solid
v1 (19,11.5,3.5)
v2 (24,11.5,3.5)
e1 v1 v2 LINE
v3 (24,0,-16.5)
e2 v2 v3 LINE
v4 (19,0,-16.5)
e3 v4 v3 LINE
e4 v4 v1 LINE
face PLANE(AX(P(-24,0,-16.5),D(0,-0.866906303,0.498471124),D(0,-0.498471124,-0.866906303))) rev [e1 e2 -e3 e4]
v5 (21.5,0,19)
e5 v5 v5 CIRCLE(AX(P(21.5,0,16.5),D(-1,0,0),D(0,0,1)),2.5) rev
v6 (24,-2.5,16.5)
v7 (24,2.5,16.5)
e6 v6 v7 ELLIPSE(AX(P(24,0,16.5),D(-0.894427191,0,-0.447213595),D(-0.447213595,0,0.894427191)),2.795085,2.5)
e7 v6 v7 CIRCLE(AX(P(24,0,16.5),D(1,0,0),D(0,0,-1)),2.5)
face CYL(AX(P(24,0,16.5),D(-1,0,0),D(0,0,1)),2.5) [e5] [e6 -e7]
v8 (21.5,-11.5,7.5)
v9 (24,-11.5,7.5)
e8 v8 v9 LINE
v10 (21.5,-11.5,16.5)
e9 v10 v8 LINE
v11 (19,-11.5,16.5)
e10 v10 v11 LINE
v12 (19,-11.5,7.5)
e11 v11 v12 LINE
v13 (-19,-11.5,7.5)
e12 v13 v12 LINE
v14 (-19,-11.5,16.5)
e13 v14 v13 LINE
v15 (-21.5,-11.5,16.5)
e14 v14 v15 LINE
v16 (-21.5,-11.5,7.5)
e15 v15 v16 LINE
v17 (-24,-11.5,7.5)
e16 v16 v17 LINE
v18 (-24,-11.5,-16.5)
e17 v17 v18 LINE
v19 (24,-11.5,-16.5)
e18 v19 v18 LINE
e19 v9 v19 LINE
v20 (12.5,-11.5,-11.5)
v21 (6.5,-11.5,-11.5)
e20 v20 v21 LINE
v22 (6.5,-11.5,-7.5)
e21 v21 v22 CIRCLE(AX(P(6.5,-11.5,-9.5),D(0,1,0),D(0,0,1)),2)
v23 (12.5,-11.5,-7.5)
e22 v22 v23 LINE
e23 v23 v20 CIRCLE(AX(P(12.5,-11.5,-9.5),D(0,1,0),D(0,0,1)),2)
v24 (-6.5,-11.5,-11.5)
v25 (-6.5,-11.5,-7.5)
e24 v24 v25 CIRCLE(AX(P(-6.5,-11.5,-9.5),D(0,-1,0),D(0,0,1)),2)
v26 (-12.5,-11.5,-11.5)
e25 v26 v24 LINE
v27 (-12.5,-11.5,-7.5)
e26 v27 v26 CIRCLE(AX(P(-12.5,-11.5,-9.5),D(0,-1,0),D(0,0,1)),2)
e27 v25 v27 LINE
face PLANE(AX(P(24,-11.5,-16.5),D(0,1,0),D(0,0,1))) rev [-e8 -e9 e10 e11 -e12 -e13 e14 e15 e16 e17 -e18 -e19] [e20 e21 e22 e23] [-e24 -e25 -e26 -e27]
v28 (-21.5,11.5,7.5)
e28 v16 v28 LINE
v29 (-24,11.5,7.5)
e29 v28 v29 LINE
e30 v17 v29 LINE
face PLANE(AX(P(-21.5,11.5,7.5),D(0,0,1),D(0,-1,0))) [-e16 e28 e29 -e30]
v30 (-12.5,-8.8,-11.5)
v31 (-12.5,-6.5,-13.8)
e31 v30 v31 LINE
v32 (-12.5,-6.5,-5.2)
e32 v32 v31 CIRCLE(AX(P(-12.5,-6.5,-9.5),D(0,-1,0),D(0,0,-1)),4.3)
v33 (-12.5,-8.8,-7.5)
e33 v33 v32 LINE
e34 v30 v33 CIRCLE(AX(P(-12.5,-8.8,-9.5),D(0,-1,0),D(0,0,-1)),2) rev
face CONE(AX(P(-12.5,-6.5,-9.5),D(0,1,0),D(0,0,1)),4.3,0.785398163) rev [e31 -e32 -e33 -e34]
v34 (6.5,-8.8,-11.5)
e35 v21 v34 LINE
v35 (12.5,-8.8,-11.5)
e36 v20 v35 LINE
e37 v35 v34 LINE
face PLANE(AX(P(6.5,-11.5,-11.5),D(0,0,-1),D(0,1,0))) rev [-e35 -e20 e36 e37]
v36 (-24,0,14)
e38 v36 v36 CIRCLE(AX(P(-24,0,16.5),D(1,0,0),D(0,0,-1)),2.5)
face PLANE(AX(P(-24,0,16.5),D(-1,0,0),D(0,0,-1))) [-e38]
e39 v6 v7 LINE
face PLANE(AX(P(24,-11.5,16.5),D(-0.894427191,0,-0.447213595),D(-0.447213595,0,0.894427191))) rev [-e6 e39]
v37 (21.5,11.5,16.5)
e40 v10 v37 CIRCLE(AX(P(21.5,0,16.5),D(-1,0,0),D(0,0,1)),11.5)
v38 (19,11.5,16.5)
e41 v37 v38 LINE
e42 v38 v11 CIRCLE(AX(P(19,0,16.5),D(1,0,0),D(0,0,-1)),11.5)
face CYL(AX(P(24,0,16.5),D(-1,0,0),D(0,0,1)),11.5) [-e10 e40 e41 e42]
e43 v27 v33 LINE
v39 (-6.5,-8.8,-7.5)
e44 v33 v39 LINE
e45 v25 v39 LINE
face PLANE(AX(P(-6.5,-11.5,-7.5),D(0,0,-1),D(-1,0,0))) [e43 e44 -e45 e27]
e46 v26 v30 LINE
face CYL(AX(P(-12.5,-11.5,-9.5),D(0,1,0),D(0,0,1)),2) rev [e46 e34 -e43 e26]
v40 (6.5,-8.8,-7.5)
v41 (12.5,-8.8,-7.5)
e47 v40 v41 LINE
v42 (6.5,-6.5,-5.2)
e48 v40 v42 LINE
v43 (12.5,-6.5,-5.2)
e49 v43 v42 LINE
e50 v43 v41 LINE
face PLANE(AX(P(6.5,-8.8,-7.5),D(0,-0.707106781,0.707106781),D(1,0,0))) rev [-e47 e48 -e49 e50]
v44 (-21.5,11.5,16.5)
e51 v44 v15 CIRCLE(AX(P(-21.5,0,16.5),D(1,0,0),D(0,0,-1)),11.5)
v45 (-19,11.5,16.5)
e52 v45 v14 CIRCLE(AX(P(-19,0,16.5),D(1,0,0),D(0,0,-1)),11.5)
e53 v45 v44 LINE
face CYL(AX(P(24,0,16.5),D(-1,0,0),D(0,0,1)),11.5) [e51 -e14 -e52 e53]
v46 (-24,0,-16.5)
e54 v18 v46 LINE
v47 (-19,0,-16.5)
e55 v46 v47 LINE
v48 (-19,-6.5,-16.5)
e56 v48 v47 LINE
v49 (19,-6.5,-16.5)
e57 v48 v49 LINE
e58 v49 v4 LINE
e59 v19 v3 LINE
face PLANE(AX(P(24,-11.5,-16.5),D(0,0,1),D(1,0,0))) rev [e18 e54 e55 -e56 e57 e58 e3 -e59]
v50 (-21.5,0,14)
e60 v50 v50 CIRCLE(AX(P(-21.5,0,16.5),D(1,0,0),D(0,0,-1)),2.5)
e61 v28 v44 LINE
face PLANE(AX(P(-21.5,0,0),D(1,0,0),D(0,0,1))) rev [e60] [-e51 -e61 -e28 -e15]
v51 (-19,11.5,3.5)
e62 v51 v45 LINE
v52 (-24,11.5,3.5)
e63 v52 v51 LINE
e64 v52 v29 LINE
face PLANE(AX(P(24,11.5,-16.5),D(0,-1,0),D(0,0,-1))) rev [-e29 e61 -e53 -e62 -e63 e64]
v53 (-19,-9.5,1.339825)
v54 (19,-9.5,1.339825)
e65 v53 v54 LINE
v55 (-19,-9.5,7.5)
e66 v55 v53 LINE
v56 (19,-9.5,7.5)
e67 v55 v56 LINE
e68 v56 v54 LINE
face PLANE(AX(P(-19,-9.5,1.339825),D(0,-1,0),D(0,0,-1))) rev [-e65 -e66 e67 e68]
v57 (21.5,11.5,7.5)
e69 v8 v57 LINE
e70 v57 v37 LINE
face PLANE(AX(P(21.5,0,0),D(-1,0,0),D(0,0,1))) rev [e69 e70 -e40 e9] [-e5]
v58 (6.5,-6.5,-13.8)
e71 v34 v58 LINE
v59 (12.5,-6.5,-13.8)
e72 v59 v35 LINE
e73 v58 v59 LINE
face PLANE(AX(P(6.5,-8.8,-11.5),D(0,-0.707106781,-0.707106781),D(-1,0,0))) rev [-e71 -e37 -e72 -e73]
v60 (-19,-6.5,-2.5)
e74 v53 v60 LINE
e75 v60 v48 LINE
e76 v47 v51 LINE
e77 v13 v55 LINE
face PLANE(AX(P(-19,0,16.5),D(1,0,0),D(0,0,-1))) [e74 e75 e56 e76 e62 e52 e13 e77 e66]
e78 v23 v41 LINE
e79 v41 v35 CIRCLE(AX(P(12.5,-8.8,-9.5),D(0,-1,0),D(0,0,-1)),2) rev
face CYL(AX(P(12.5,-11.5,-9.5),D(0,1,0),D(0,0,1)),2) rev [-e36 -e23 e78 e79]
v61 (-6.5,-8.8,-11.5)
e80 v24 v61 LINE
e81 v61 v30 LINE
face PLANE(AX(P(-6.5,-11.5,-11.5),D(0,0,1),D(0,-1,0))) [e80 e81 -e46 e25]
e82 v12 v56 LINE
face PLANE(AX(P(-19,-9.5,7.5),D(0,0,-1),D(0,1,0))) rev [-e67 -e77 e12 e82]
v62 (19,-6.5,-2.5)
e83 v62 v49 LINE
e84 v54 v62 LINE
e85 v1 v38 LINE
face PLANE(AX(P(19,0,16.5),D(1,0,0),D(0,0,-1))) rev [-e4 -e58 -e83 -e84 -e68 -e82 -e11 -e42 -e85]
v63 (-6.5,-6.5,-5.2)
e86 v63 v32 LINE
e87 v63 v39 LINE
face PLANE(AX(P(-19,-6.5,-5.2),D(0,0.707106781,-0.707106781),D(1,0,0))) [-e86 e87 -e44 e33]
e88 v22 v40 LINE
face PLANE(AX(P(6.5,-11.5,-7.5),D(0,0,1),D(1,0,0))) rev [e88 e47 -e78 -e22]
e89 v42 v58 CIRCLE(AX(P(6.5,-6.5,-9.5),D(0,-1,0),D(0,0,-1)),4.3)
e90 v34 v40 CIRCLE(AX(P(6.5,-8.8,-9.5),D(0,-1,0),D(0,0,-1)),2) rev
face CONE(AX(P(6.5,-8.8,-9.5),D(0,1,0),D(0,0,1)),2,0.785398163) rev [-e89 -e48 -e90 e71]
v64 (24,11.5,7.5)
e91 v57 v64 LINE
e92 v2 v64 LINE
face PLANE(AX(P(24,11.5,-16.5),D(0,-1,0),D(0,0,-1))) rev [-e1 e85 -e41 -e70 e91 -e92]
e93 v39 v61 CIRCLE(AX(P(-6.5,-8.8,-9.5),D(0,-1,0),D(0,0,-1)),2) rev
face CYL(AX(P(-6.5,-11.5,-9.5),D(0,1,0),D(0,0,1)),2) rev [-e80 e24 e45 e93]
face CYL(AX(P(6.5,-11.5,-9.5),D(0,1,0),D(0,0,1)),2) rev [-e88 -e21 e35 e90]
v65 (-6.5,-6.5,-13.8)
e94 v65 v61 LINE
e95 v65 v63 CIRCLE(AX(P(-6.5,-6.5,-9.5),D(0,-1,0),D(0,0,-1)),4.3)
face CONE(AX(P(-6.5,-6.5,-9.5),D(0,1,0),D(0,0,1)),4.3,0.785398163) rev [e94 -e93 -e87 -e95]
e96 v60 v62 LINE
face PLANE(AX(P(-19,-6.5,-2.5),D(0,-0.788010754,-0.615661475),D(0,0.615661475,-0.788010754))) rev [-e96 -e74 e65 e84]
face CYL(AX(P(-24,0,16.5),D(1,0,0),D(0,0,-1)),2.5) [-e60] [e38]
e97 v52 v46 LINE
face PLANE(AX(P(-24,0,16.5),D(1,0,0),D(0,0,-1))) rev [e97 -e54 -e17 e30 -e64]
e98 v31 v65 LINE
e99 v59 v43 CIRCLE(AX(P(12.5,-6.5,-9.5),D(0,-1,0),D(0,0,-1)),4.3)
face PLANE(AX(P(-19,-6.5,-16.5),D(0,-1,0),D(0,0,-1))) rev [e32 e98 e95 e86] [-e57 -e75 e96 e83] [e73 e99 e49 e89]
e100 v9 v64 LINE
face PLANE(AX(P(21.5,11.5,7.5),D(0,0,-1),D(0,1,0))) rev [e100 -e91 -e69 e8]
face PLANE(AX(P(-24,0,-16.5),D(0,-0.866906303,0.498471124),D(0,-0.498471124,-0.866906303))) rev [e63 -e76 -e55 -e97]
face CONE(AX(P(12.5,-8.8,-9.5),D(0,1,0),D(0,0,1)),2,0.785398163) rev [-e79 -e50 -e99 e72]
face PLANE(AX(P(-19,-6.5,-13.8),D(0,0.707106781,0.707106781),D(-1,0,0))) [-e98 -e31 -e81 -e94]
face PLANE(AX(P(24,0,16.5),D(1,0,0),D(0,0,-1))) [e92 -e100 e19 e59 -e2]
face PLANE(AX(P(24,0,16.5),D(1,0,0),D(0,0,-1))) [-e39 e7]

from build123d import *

# Parameters (mm, degrees)
BOSS_EXTRUDE1_DEPTH      = 24
CUT_EXTRUDE1_DEPTH       = 48
CUT_EXTRUDE2_DEPTH       = 19
CUT_EXTRUDE3_DEPTH       = 42.036569057
CHAMFER1_SIZE            = 2.3
SKETCH6_W                = 20.5
SKETCH6_H                = 23
CUT_EXTRUDE4_DEPTH       = 2.5
SKETCH7_R                = 2.5
BOSS_EXTRUDE2_DEPTH      = 2.5
CUT_EXTRUDE5_DEPTH       = 44.462627624
CHAMFER1_OF_MIRROR1_SIZE = 2.3


with BuildPart() as part:
    # Sketch1 → Boss-Extrude1 (new, symmetric)
    with BuildSketch(Plane(origin=(0, 0, 0), x_dir=(0, 0, -1), z_dir=(1, 0, 0))):
        with BuildLine():
            Line((16.5, -11.5), (-16.5, -11.5))
            ThreePointArc((-16.5, -11.5), (-28, 0), (-16.5, 11.5))
            Line((-16.5, 11.5), (16.5, 11.5))
            Line((16.5, 11.5), (16.5, -11.5))
        make_face()
    extrude(amount=BOSS_EXTRUDE1_DEPTH, both=True)

    # Sketch2 → Cut-Extrude1 (cut)
    with BuildSketch(Plane(origin=(24, 0, 0), x_dir=(0, 0, -1), z_dir=(1, 0, 0))):
        Polygon((16.5, 0), (-3.5, 11.5), (16.5, 11.5), align=None)
    extrude(amount=-CUT_EXTRUDE1_DEPTH, mode=Mode.SUBTRACT)

    # Sketch4 → Cut-Extrude2 (cut, symmetric)
    with BuildSketch(Plane(origin=(0, 0, 0), x_dir=(0, 0, -1), z_dir=(1, 0, 0))):
        with BuildLine():
            Line((16.5, -6.5), (16.5, 0))
            Line((16.5, 0), (-3.5, 11.5))
            Line((-3.5, 11.5), (-16.5, 11.5))
            ThreePointArc((-16.5, 11.5), (-28, 0), (-16.5, -11.5))
            Line((-16.5, -11.5), (-7.5, -11.5))
            Line((-7.5, -11.5), (-7.5, -9.5))
            Line((-7.5, -9.5), (-1.339824897, -9.5))
            Line((-1.339824897, -9.5), (2.5, -6.5))
            Line((2.5, -6.5), (16.5, -6.5))
        make_face()
    extrude(amount=CUT_EXTRUDE2_DEPTH, both=True, mode=Mode.SUBTRACT)

    # Sketch5 → Cut-Extrude3 (cut, through all)
    with BuildSketch(Plane(origin=(0, -6.5, 0), x_dir=(1, 0, 0), z_dir=(0, 1, 0))):
        with BuildLine():
            Line((6.5, 11.5), (12.5, 11.5))
            ThreePointArc((12.5, 11.5), (14.5, 9.5), (12.5, 7.5))
            Line((12.5, 7.5), (6.5, 7.5))
            ThreePointArc((6.5, 7.5), (4.5, 9.5), (6.5, 11.5))
        make_face()
    cut_extrude3 = extrude(amount=-CUT_EXTRUDE3_DEPTH, mode=Mode.SUBTRACT)

    # Chamfer1
    chamfer1_edges = [part.edges().sort_by_distance(p)[0] for p in [
        (4.5, -6.5, -9.5),
        (9.5, -6.5, -7.5),
        (14.5, -6.5, -9.5),
        (9.5, -6.5, -11.5),
    ]]
    chamfer(chamfer1_edges, length=CHAMFER1_SIZE)

    # Sketch6 → Cut-Extrude4 (cut)
    with BuildSketch(Plane(origin=(24, 0, 0), x_dir=(0, 0, -1), z_dir=(1, 0, 0))):
        with Locations((-17.75, 0)):
            Rectangle(SKETCH6_W, SKETCH6_H)
    cut_extrude4 = extrude(amount=-CUT_EXTRUDE4_DEPTH, mode=Mode.SUBTRACT)

    # Sketch7 → Boss-Extrude2 (add)
    with BuildSketch(Plane(origin=(21.5, 0, 0), x_dir=(0, 0, -1), z_dir=(1, 0, 0))):
        with Locations(Location((-16.5, 0, 0), (0, 0, 180))):
            Circle(SKETCH7_R)
    boss_extrude2 = extrude(amount=BOSS_EXTRUDE2_DEPTH)

    # Sketch8 → Cut-Extrude5 (cut, through all)
    with BuildSketch(Plane(origin=(0, 11.5, 0), x_dir=(1, 0, 0), z_dir=(0, 1, 0))):
        Polygon((24, -16.5), (22.75, -19), (24, -19), align=None)
    extrude(amount=-CUT_EXTRUDE5_DEPTH, mode=Mode.SUBTRACT)

    # Mirror1: Cut-Extrude3, Cut-Extrude4, Boss-Extrude2 across plane
    add(cut_extrude3.mirror(Plane(origin=(0, 0, 0), x_dir=(0, 0, 1), z_dir=(1, 0, 0))), mode=Mode.SUBTRACT)
    add(cut_extrude4.mirror(Plane(origin=(0, 0, 0), x_dir=(0, 0, 1), z_dir=(1, 0, 0))), mode=Mode.SUBTRACT)
    add(boss_extrude2.mirror(Plane(origin=(0, 0, 0), x_dir=(0, 0, 1), z_dir=(1, 0, 0))))

    # Chamfer1 of Mirror1
    chamfer1_of_mirror1_edges = [part.edges().sort_by_distance(p)[0] for p in [
        (-4.5, -6.5, -9.5),
        (-9.5, -6.5, -7.5),
        (-14.5, -6.5, -9.5),
        (-9.5, -6.5, -11.5),
    ]]
    chamfer(chamfer1_of_mirror1_edges, length=CHAMFER1_OF_MIRROR1_SIZE)


solid = part.part
